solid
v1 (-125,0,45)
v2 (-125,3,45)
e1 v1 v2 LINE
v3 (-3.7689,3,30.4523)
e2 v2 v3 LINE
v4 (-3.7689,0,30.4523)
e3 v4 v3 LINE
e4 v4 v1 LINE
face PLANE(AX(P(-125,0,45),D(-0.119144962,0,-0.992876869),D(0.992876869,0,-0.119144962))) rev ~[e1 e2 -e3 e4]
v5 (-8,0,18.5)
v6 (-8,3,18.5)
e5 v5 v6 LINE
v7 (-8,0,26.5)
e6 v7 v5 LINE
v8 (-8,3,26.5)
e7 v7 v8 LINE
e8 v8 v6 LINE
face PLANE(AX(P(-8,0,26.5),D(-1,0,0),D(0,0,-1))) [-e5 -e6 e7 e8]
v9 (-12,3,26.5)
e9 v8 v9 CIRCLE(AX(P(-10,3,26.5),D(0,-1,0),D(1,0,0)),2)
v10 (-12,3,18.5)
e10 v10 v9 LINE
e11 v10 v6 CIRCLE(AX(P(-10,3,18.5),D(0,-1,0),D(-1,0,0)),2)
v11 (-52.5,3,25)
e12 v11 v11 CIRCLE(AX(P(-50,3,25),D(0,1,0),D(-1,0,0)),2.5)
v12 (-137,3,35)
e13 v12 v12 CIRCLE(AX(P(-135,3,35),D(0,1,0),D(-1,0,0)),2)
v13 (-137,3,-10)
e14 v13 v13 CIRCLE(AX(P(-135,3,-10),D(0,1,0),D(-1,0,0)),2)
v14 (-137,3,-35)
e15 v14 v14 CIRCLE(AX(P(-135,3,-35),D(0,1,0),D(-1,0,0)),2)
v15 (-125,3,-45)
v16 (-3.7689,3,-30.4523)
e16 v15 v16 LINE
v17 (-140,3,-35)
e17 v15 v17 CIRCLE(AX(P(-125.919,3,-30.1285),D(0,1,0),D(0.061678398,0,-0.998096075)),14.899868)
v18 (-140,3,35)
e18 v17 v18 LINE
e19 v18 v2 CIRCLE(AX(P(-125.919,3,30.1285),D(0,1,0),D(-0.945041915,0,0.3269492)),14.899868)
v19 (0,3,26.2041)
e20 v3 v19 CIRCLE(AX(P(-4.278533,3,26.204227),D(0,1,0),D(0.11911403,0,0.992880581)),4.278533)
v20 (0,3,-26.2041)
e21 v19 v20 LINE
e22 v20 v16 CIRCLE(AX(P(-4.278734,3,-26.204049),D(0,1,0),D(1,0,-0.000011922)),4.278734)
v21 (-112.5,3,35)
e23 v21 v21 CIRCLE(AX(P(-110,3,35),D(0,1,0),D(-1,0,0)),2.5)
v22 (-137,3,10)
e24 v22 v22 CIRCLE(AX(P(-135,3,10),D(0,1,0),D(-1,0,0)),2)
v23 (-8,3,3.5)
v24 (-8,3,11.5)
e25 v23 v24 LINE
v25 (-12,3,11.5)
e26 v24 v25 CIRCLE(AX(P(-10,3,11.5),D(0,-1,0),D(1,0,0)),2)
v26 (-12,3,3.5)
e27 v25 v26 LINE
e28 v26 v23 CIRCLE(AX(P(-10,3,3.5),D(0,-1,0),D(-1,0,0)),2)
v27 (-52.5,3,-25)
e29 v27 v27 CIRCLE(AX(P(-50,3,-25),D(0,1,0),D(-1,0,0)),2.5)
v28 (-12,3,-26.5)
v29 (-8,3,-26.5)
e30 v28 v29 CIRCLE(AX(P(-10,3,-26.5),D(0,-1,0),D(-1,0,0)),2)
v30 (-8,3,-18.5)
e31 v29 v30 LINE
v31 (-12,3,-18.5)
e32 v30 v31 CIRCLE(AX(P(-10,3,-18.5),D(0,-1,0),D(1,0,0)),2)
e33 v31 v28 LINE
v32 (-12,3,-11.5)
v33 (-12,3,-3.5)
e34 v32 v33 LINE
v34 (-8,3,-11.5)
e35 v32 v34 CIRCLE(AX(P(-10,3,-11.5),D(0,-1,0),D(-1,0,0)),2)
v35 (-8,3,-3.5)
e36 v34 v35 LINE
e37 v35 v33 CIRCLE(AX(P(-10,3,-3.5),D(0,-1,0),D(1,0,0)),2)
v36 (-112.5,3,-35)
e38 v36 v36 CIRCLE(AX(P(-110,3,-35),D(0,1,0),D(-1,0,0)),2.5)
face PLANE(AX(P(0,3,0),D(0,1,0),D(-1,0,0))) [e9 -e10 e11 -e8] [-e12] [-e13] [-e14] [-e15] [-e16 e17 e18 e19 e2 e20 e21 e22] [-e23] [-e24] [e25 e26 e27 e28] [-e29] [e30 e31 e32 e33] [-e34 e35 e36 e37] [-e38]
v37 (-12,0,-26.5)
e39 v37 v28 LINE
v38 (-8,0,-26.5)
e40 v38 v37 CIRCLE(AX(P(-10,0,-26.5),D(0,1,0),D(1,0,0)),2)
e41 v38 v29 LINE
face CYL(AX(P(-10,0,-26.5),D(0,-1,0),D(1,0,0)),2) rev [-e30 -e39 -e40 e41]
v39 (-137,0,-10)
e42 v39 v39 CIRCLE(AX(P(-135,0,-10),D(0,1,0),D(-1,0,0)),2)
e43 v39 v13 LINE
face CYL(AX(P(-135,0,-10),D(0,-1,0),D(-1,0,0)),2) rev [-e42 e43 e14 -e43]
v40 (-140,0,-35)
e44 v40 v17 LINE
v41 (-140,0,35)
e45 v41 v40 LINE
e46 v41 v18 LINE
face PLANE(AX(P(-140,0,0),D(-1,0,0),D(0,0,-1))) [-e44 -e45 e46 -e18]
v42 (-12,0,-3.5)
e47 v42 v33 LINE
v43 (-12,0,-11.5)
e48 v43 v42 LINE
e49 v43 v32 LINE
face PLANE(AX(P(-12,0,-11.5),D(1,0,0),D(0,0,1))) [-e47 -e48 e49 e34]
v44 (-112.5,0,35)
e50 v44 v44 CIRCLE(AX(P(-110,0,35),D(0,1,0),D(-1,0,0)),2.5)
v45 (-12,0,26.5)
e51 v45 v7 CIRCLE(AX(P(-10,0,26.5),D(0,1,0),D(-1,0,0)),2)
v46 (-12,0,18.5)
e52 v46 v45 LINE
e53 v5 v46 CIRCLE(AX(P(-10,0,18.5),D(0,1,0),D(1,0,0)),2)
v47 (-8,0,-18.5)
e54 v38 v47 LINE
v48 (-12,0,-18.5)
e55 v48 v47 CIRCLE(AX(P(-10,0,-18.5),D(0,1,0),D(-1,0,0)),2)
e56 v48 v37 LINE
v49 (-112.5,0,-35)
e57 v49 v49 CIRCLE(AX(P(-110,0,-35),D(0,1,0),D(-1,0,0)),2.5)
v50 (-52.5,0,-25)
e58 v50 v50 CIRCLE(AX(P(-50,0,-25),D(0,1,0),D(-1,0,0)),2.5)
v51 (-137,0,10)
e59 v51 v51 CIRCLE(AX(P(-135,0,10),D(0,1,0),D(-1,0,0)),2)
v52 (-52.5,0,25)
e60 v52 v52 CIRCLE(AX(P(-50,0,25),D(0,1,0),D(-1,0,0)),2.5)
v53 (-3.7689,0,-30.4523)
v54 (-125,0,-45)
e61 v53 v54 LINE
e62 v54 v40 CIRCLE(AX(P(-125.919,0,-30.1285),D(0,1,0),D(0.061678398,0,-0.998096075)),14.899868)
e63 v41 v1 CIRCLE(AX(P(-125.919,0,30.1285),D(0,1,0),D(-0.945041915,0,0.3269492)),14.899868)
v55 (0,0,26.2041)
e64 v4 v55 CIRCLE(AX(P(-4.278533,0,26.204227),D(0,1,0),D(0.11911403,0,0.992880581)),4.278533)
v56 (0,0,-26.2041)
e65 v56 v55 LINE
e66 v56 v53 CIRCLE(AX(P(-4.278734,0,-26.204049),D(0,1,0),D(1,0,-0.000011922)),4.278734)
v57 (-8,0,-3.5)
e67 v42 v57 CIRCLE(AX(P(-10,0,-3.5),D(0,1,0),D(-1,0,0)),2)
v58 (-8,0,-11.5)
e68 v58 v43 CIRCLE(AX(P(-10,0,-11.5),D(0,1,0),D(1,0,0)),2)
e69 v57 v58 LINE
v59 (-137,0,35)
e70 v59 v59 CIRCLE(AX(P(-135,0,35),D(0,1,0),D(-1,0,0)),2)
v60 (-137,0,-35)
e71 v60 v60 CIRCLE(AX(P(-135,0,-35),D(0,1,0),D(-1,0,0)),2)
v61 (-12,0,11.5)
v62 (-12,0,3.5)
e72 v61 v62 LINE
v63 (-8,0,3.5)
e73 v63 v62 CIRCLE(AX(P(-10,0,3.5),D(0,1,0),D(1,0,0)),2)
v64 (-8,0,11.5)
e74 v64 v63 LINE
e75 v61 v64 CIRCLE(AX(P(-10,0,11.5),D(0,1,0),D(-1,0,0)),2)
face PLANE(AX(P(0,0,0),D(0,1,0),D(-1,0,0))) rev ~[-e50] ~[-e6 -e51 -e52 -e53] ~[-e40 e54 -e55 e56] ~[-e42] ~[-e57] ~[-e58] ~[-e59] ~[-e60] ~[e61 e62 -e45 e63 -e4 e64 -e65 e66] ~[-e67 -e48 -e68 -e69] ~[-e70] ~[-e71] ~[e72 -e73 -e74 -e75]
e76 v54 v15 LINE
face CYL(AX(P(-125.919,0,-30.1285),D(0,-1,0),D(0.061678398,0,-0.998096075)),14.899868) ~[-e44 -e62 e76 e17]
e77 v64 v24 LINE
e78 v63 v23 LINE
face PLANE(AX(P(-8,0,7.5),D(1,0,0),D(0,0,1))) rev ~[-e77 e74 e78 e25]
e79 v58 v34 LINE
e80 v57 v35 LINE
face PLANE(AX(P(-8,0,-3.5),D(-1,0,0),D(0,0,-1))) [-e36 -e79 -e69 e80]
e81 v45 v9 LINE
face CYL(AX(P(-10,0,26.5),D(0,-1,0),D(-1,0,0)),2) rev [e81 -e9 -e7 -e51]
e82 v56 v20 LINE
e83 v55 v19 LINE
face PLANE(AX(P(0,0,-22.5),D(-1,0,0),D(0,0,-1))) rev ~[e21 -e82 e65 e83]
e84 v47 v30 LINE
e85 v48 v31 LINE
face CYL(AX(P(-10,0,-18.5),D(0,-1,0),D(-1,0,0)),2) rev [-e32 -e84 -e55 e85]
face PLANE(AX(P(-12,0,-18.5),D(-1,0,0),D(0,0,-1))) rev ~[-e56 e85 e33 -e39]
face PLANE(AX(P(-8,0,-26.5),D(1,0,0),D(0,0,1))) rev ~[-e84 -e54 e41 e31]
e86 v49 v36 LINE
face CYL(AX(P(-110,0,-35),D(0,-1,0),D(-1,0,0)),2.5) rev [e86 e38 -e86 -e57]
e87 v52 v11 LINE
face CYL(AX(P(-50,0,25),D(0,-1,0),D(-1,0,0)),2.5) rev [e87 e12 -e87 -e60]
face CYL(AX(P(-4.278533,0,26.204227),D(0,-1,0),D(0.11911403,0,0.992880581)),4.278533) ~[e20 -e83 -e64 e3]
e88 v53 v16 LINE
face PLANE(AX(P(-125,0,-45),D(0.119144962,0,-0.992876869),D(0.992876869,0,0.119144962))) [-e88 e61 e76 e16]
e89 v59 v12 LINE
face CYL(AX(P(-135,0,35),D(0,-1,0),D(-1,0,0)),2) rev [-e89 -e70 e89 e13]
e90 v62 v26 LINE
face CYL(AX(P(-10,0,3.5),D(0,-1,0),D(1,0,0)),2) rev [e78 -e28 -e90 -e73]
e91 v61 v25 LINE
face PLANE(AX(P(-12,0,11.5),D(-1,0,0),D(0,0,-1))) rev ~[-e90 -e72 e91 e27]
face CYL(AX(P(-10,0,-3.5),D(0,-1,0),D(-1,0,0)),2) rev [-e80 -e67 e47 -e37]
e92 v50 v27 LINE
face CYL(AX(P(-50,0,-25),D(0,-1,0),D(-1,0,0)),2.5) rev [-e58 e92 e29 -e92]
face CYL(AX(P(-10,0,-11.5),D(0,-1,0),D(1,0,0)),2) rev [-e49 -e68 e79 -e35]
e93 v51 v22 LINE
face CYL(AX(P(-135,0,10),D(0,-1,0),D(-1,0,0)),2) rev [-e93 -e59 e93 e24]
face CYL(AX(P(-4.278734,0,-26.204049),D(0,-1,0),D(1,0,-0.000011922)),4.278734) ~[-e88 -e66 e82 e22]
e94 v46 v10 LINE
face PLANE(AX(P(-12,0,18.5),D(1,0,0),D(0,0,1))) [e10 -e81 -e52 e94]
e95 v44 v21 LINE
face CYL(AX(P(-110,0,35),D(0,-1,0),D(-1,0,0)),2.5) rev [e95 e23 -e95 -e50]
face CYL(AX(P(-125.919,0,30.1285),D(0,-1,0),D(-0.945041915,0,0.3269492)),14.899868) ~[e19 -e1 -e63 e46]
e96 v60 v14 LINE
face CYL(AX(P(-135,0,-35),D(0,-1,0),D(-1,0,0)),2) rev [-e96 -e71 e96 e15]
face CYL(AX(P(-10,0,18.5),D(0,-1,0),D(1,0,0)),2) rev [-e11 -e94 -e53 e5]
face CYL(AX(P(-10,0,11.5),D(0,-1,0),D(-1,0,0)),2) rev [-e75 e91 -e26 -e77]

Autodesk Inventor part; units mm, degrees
ref_plane "YZ Plane" through (0, 0, 0) normal (1, 0, 0) x (0, 1, 0)
ref_plane "XZ Plane" through (0, 0, 0) normal (0, 1, 0) x (-1, 0, 0)
ref_plane "XY Plane" through (0, 0, 0) normal (0, 0, 1) x (1, 0, 0)
sketch "Boceto1" plane through (0, 0, 0) normal (0, 1, 0) x (-1, 0, 0)
  line L0 (125, 0) -> (125, 45)
  line L1 (140, 0) -> (140, 35)
  arc A0 (140, 35) -> (125, 45) centre (125.919, 30.1285) ccw
  line L2 (0, 0) -> (0, 26.2041)
  line L3 (10, 0) -> (10, 32.2222)
  line L4 (0, 0) -> (0, 7.5)
  line L5 (0, 7.5) -> (0, 22.5)
  arc A1 (8, 3.5) -> (12, 3.5) centre (10, 3.5) ccw
  line L6 (10, 7.5) -> (6.5727, 7.5)
  arc A2 (12, 11.5) -> (8, 11.5) centre (10, 11.5) ccw
  line L7 (10, 15) -> (5.5099, 15)
  line L8 (12, 11.5) -> (12, 3.5)
  line L9 (8, 3.5) -> (8, 11.5)
  arc A3 (12, 26.5) -> (8, 26.5) centre (10, 26.5) ccw
  arc A4 (8, 18.5) -> (12, 18.5) centre (10, 18.5) ccw
  line L10 (12, 18.5) -> (12, 26.5)
  line L11 (8, 26.5) -> (8, 18.5)
  circle A5 centre (135, 10) radius 2
  circle A6 centre (135, 35) radius 2
  circle A7 centre (110, 35) radius 2.5
  line L12 (125, 45) -> (3.7689, 30.4523)
  circle A8 centre (50, 25) radius 2.5
  arc A9 (3.7689, 30.4523) -> (0, 26.2041) centre (4.2786, 26.2041) ccw
  line L13 (0, 0) -> (10, 0)
  line L14 (125, 0) -> (125, -45)
  line L15 (140, 0) -> (140, -35)
  arc A10 (125, -45) -> (140, -35) centre (125.919, -30.1285) ccw
  line L16 (0, 0) -> (0, -26.2041)
  line L17 (10, 0) -> (10, -32.2222)
  line L18 (0, 0) -> (0, -7.5)
  line L19 (0, -7.5) -> (0, -22.5)
  arc A11 (12, -3.5) -> (8, -3.5) centre (10, -3.5) ccw
  line L20 (10, -7.5) -> (6.5727, -7.5)
  arc A12 (8, -11.5) -> (12, -11.5) centre (10, -11.5) ccw
  line L21 (10, -15) -> (5.5099, -15)
  line L22 (12, -11.5) -> (12, -3.5)
  line L23 (8, -3.5) -> (8, -11.5)
  arc A13 (12, -18.5) -> (8, -18.5) centre (10, -18.5) ccw
  line L24 (12, -18.5) -> (12, -26.5)
  line L25 (8, -26.5) -> (8, -18.5)
  arc A14 (8, -26.5) -> (12, -26.5) centre (10, -26.5) ccw
  circle A15 centre (135, -10) radius 2
  circle A16 centre (135, -35) radius 2
  circle A17 centre (110, -35) radius 2.5
  line L26 (125, -45) -> (3.7689, -30.4523)
  circle A18 centre (50, -25) radius 2.5
  arc A19 (0, -26.2041) -> (3.7689, -30.4523) centre (4.2786, -26.2041) ccw
  dimension "d15" = 45
  dimension "d18" = 15
  dimension "d19" = 35
  dimension "d24" = 140
  dimension "d27" = 10
  dimension "d28" = 7.5
  dimension "d29" = 15
  dimension "d32" = 4
  dimension "d33" = 4
  dimension "d34" = 5
  dimension "d35" = 5
  dimension "d36" = 35
  dimension "d37" = 10
  dimension "d38" = 4
  dimension "d39" = 4
  dimension "d40" = 35
  dimension "d41" = 30
  dimension "d42" = 5
  dimension "d43" = 25
  dimension "d44" = 50
  dimension "d45" = 96.843
  dimension "d51" = 5
extrude "Extrusión1" add sketch "Boceto1" along normal blind 3 contours L14 L26 L17 A14 L24 A13 A12 L22 A11 L3 A1 L8 A2 A4 L10 A3 L12 L0 | L0 A0 L1 L15 A10 L14 | L3 A3 L11 A4 A2 L9 A1 L13 L2 A9 L12 | L26 A19 L16 L13 L17 A11 L23 A12 A13 L25 A14
equation "\"d35\" = d34"
properties part number "SoporteMano"
